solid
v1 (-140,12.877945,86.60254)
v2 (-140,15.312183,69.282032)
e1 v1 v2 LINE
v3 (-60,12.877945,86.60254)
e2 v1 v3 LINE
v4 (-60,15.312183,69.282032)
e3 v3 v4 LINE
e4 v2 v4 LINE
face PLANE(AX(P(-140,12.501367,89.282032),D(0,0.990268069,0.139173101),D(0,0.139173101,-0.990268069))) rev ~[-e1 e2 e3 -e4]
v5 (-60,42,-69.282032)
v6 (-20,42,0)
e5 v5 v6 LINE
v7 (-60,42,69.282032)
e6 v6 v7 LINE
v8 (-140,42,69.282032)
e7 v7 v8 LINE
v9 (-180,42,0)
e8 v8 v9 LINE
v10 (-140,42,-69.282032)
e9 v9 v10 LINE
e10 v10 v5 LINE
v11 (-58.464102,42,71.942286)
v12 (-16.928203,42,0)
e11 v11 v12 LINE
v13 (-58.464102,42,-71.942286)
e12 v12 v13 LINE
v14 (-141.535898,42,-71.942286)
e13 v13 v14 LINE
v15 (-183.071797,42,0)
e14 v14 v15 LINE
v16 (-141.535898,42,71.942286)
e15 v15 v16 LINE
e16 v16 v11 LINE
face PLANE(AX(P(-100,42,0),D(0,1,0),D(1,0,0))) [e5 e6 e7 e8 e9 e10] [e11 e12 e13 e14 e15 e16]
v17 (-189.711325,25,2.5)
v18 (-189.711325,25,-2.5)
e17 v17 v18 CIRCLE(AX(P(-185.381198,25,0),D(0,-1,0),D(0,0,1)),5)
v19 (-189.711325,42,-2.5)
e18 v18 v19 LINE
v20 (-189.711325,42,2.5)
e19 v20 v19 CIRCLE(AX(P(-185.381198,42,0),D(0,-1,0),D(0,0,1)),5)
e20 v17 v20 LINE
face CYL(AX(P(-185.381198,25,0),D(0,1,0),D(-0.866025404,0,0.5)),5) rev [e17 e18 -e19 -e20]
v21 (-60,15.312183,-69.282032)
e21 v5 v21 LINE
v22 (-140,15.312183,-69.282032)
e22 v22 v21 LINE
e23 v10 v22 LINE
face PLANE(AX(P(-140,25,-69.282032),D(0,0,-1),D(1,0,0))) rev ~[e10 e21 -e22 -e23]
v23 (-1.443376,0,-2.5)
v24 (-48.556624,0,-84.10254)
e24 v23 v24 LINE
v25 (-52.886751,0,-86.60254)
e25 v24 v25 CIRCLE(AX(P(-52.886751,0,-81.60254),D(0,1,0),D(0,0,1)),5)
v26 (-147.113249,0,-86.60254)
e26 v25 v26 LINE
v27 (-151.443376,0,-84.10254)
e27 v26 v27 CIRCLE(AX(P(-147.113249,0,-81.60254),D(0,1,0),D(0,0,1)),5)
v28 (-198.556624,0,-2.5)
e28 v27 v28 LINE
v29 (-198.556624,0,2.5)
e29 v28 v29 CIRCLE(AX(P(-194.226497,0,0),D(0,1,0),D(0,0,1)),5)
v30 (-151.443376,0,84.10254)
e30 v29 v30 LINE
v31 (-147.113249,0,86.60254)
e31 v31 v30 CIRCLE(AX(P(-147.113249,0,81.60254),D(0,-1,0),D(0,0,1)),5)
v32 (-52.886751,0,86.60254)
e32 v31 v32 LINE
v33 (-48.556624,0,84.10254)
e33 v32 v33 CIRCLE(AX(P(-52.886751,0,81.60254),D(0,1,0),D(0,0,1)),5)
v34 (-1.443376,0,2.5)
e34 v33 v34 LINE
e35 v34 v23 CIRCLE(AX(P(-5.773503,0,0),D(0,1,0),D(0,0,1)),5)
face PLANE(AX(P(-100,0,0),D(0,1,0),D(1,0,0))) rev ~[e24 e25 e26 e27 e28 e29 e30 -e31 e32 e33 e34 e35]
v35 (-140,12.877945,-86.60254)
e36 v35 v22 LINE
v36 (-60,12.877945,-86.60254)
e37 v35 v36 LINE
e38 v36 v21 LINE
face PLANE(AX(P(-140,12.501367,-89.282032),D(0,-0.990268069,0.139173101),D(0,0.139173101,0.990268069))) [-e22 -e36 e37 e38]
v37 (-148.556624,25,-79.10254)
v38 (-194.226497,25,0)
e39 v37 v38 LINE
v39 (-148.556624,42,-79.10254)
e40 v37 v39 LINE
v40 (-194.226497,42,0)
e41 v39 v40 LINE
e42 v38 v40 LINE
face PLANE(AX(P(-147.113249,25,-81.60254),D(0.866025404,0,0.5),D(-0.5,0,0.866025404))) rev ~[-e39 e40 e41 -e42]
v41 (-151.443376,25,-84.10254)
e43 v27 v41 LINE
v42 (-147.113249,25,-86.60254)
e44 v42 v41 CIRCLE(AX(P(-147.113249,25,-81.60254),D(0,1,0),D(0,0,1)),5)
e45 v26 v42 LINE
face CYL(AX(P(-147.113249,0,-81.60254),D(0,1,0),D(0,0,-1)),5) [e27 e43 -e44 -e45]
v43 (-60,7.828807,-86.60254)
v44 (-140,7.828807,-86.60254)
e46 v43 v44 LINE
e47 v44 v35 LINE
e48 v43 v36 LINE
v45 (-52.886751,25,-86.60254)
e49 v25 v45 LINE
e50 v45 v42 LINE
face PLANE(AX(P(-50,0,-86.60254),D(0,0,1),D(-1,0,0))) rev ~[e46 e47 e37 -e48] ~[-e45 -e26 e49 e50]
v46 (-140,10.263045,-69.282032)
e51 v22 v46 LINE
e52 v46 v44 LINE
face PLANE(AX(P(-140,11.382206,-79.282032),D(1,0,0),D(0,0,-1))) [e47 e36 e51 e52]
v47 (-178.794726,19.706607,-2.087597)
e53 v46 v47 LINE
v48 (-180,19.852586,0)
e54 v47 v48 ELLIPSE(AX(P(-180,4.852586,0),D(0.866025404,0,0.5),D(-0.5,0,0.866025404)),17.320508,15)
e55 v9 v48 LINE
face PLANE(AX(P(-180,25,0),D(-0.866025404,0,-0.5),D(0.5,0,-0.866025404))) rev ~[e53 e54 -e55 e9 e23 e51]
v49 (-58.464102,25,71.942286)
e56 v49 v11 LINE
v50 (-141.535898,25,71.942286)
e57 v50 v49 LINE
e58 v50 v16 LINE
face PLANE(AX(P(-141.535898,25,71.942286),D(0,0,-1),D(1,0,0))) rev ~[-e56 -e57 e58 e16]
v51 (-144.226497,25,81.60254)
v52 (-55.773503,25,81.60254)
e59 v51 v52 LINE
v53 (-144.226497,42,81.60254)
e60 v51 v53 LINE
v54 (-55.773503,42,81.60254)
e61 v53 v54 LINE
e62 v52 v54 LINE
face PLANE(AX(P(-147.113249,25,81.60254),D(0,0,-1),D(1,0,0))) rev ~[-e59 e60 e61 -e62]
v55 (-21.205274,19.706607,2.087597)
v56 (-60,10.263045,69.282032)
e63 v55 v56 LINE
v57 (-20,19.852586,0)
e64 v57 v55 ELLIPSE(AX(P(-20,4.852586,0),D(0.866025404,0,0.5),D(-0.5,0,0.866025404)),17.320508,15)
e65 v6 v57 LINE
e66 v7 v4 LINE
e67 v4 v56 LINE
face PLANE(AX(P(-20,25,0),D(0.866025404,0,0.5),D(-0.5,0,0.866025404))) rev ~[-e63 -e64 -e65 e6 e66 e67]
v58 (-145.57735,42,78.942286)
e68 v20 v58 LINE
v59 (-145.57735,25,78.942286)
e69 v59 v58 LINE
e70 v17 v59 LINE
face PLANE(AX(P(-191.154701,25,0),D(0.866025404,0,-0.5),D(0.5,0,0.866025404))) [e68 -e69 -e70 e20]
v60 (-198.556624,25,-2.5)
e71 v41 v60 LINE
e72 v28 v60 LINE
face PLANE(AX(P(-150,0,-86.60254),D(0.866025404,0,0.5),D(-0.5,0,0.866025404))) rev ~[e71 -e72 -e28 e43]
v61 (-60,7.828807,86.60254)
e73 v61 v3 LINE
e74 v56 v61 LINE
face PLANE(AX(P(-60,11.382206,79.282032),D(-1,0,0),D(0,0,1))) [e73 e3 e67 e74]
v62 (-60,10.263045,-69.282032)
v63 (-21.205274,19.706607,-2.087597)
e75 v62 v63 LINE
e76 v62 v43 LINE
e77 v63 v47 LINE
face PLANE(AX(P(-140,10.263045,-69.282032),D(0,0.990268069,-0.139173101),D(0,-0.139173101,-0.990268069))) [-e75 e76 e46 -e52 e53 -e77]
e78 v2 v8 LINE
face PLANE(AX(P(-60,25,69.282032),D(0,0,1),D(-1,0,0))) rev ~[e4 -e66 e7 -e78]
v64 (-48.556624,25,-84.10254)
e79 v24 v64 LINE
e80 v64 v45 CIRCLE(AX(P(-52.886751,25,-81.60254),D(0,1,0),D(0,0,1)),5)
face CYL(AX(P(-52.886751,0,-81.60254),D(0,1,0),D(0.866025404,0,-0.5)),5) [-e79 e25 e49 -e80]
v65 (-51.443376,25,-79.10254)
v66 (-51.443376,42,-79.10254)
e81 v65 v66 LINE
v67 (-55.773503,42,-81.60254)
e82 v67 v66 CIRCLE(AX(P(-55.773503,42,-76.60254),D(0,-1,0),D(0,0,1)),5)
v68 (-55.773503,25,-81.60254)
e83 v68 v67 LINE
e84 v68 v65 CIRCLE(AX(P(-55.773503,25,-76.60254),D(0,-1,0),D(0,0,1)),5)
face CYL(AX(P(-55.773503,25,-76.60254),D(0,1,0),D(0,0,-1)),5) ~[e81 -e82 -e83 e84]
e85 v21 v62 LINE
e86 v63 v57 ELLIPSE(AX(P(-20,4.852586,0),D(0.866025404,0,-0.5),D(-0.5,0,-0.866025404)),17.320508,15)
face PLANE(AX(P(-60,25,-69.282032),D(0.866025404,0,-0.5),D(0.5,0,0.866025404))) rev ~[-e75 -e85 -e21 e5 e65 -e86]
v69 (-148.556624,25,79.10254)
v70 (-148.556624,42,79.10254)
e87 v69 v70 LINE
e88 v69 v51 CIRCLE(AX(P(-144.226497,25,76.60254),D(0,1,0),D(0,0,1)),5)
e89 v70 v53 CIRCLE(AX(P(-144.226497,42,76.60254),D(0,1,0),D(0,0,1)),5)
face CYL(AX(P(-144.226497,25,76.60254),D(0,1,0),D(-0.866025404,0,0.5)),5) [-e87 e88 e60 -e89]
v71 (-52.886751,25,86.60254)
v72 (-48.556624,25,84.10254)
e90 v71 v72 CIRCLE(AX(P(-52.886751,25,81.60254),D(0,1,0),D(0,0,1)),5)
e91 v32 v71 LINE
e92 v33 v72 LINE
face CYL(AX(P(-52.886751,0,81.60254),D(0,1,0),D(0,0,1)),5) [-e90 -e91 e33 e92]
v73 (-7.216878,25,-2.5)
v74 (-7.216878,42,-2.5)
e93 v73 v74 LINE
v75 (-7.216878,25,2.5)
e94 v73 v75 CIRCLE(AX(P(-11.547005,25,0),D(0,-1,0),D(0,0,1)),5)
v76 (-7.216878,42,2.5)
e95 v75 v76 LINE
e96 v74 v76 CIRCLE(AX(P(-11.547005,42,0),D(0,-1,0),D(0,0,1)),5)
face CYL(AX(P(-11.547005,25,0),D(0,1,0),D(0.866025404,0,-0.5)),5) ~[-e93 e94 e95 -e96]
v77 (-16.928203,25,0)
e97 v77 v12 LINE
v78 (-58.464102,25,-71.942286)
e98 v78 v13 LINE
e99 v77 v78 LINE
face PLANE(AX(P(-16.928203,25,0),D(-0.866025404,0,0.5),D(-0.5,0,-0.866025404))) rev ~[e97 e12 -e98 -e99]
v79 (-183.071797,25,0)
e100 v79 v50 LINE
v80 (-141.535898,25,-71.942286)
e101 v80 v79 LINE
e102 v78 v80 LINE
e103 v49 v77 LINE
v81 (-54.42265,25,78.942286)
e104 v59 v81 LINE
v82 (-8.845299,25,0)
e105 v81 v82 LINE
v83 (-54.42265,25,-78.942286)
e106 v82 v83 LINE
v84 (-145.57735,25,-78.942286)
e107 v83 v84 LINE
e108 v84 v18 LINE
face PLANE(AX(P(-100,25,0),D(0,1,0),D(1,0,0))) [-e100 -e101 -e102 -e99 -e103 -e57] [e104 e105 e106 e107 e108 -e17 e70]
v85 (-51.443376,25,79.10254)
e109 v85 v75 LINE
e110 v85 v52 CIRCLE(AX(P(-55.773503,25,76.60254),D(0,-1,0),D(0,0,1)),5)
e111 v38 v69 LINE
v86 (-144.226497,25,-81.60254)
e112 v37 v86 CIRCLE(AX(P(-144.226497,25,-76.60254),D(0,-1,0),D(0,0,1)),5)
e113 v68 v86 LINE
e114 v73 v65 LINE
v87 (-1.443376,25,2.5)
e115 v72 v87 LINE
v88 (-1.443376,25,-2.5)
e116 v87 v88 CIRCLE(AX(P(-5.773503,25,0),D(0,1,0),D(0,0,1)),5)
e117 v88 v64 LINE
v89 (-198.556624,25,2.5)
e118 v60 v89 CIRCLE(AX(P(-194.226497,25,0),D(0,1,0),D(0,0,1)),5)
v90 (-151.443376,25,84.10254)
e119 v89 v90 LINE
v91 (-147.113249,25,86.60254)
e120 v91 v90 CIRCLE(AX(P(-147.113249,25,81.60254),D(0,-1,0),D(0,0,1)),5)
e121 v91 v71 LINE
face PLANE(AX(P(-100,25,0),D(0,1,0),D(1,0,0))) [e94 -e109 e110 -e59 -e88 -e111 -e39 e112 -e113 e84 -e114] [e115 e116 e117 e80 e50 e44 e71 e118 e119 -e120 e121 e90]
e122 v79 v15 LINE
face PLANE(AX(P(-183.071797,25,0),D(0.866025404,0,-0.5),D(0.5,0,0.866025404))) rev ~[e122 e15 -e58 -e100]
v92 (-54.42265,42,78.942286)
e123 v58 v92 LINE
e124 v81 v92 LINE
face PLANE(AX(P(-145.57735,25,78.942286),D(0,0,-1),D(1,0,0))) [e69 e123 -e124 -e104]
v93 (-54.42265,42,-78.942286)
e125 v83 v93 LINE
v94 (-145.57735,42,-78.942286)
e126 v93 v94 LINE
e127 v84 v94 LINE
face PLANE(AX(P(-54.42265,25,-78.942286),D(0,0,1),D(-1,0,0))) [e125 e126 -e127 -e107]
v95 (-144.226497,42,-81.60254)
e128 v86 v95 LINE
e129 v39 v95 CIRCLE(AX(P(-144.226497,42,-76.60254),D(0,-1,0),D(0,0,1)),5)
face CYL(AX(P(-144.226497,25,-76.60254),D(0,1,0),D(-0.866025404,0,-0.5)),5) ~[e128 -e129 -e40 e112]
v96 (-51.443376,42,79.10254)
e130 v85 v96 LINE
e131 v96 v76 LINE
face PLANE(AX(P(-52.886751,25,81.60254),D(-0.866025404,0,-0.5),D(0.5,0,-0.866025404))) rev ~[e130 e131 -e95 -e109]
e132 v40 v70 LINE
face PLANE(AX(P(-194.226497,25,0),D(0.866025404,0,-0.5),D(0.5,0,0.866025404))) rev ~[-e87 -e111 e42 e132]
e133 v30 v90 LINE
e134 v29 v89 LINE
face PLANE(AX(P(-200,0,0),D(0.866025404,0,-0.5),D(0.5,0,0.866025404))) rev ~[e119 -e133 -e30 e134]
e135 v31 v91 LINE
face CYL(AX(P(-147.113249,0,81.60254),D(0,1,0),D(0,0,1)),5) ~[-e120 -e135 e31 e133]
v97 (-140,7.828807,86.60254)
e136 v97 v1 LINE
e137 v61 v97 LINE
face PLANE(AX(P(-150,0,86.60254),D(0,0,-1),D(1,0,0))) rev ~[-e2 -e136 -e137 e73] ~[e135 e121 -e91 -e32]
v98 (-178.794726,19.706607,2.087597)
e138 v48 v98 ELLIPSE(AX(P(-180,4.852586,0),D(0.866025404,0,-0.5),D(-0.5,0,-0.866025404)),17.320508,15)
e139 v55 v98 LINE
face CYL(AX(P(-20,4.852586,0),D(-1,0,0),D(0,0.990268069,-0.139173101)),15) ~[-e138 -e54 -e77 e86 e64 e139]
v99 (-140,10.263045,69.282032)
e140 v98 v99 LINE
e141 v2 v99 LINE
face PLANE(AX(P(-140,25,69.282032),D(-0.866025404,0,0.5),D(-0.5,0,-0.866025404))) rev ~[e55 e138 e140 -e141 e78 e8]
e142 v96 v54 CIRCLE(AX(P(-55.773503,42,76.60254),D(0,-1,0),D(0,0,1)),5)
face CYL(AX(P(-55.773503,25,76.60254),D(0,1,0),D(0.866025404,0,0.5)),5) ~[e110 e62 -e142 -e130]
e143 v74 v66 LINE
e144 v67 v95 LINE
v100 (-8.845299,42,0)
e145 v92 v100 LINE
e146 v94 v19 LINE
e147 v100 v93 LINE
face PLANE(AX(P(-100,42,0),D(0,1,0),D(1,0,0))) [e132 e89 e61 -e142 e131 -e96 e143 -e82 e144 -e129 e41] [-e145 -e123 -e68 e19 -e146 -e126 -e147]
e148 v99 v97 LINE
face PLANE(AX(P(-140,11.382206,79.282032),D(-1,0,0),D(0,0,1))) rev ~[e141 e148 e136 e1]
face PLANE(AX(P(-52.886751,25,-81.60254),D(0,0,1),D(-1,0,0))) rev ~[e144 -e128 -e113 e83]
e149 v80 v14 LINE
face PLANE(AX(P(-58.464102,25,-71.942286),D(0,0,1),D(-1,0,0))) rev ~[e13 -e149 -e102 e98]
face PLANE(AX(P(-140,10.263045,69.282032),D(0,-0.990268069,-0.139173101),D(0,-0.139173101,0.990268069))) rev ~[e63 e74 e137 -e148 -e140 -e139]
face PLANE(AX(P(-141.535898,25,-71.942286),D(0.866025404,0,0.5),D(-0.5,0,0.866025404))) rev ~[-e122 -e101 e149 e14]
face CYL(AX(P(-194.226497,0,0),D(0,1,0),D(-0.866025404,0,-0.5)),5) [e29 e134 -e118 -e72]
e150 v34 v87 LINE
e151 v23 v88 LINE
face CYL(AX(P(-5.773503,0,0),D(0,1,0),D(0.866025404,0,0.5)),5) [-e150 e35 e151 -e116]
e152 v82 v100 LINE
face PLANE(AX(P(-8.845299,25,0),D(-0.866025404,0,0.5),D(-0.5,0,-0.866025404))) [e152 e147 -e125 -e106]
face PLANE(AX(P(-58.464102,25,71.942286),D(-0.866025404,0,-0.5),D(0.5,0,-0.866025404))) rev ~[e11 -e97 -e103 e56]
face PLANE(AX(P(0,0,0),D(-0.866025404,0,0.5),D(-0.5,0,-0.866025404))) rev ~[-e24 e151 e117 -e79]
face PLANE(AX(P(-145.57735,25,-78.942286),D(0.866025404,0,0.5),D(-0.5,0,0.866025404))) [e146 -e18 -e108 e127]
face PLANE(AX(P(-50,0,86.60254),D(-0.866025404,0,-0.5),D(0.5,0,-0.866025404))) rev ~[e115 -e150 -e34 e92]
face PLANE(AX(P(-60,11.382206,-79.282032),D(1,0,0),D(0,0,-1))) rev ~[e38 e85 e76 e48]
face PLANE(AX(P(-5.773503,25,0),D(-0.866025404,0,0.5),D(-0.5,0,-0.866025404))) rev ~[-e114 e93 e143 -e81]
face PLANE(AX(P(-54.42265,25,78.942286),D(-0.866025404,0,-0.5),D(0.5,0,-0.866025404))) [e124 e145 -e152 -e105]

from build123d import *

# Parameters (mm, degrees)
BOSS_EXTRUDE1_DEPTH            = 25
CUT_EXTRUDE1_DEPTH             = 5
CUT_EXTRUDE7_REACH             = 136.629
CUT_EXTRUDE7_DIRECTION_2_REACH = 136.629
CUT_EXTRUDE8_REACH             = 136.629
CUT_EXTRUDE8_DIRECTION_2_REACH = 136.629
CUT_EXTRUDE9_DEPTH             = 40
CUT_EXTRUDE9_DEPTH_BACK        = 40
FILLET2_R                      = 15
BOSS_EXTRUDE5_DEPTH            = 17
FILLET3_R                      = 5


with BuildPart() as part:
    # Sketch1 → Boss-Extrude1 (new body)
    with BuildSketch(Plane(origin=(0, 0, 0), x_dir=(1, 0, 0), z_dir=(0, 1, 0))):
        Polygon((0, 0), (-50, 86.6025403784439), (-149.99999999999997, 86.60254037844393), (-199.99999999999997, 1.041e-14), (-150.00000000000003, -86.60254037844386), (-50.00000000000001, -86.60254037844389), align=None)
    extrude(amount=BOSS_EXTRUDE1_DEPTH)

    # Sketch6 → Cut-Extrude1 (cut)
    with BuildSketch(Plane(origin=(0, 25, 0), x_dir=(1, 0, 0), z_dir=(0, 1, 0))):
        Polygon((-180, 5.476e-14), (-139.99999999999997, -69.28203230275507), (-59.99999999999997, -69.28203230275508), (-20.000000000000004, 1.463e-14), (-60.000000000000014, 69.28203230275516), (-140, 69.28203230275516), align=None)
    extrude(amount=-CUT_EXTRUDE1_DEPTH, mode=Mode.SUBTRACT)

    # Cut-Extrude7: up to this plane
    cut_extrude7_end = Plane(origin=(-20.000000000000004, 20, -1.463e-14), z_dir=(0.8660254037844388, 0, -0.49999999999999983))
    # Sketch21 → Cut-Extrude7 (cut, up to the surface)
    with BuildSketch(Plane(origin=(-100, 0, 0), x_dir=(0, 0, -1), z_dir=(1, 0, 0)), mode=Mode.PRIVATE) as cut_extrude7_sk1:
        Polygon((69.28203230275516, 20), (69.28203230275516, 10.263045350293245), (3.123e-14, 20), align=None)
    cut_extrude7_tool1 = split(extrude(cut_extrude7_sk1.sketch, amount=CUT_EXTRUDE7_REACH, mode=Mode.PRIVATE), bisect_by=cut_extrude7_end, keep=Keep.BOTH, mode=Mode.PRIVATE)
    add(cut_extrude7_tool1.solids().sort_by_distance((-100, 16.754348, -46.188022))[0], mode=Mode.SUBTRACT)

    # Cut-Extrude7 direction 2: up to this plane
    cut_extrude7_direction_2_end = Plane(origin=(-140, 20, -69.28203230275516), z_dir=(-0.8660254037844388, 0, -0.4999999999999998))
    # Sketch21 → Cut-Extrude7 direction 2 (cut, up to the surface)
    with BuildSketch(Plane(origin=(-100, 0, 0), x_dir=(0, 0, -1), z_dir=(1, 0, 0)), mode=Mode.PRIVATE) as cut_extrude7_direction_2_sk1:
        Polygon((69.28203230275516, 20), (69.28203230275516, 10.263045350293245), (3.123e-14, 20), align=None)
    cut_extrude7_direction_2_tool1 = split(extrude(cut_extrude7_direction_2_sk1.sketch, amount=-CUT_EXTRUDE7_DIRECTION_2_REACH, mode=Mode.PRIVATE), bisect_by=cut_extrude7_direction_2_end, keep=Keep.BOTH, mode=Mode.PRIVATE)
    add(cut_extrude7_direction_2_tool1.solids().sort_by_distance((-100, 16.754348, -46.188022))[0], mode=Mode.SUBTRACT)

    # Cut-Extrude8: up to this plane
    cut_extrude8_end = Plane(origin=(-59.99999999999997, 20, 69.28203230275508), z_dir=(0.8660254037844388, 0, 0.49999999999999967))
    # Sketch22 → Cut-Extrude8 (cut, up to the surface)
    with BuildSketch(Plane(origin=(-100, 0, 0), x_dir=(0, 0, -1), z_dir=(1, 0, 0)), mode=Mode.PRIVATE) as cut_extrude8_sk1:
        Polygon((3.123e-14, 20), (-69.28203230275508, 10.26304535029323), (-69.28203230275508, 20), align=None)
    cut_extrude8_tool1 = split(extrude(cut_extrude8_sk1.sketch, amount=CUT_EXTRUDE8_REACH, mode=Mode.PRIVATE), bisect_by=cut_extrude8_end, keep=Keep.BOTH, mode=Mode.PRIVATE)
    add(cut_extrude8_tool1.solids().sort_by_distance((-100, 16.754348, 46.188022))[0], mode=Mode.SUBTRACT)

    # Cut-Extrude8 direction 2: up to this plane
    cut_extrude8_direction_2_end = Plane(origin=(-180, 20, -5.476e-14), z_dir=(-0.8660254037844387, 0, 0.5))
    # Sketch22 → Cut-Extrude8 direction 2 (cut, up to the surface)
    with BuildSketch(Plane(origin=(-100, 0, 0), x_dir=(0, 0, -1), z_dir=(1, 0, 0)), mode=Mode.PRIVATE) as cut_extrude8_direction_2_sk1:
        Polygon((3.123e-14, 20), (-69.28203230275508, 10.26304535029323), (-69.28203230275508, 20), align=None)
    cut_extrude8_direction_2_tool1 = split(extrude(cut_extrude8_direction_2_sk1.sketch, amount=-CUT_EXTRUDE8_DIRECTION_2_REACH, mode=Mode.PRIVATE), bisect_by=cut_extrude8_direction_2_end, keep=Keep.BOTH, mode=Mode.PRIVATE)
    add(cut_extrude8_direction_2_tool1.solids().sort_by_distance((-100, 16.754348, 46.188022))[0], mode=Mode.SUBTRACT)

    # Sketch23 → Cut-Extrude9 (cut, two sides: drawn at the far end of the back side and taken through both)
    with BuildSketch(Plane(origin=(-100, 0, 0), x_dir=(0, 0, -1), z_dir=(1, 0, 0)).offset(-CUT_EXTRUDE9_DEPTH_BACK)):
        Polygon((69.28203230275516, 10.263045350293245), (89.28203230275517, 7.452228656245558), (89.28203230275517, 12.501366518838644), (69.28203230275516, 15.312183212886326), align=None)
        Polygon((-69.28203230275516, 15.312183212886326), (-69.28203230275516, 10.263045350293245), (-89.28203230275517, 7.452228656245558), (-89.28203230275517, 12.501366518838644), align=None)
    extrude(amount=CUT_EXTRUDE9_DEPTH + CUT_EXTRUDE9_DEPTH_BACK, mode=Mode.SUBTRACT)

    # Fillet2
    fillet2_edges = [part.edges().sort_by_distance(p)[0] for p in [
        (-100, 20, -3.347e-14),
    ]]
    fillet(fillet2_edges, radius=FILLET2_R)

    # Sketch27 → Boss-Extrude5 (add)
    # profile 1 of 2: a face of its own
    with BuildSketch(Plane(origin=(0, 25, 0), x_dir=(1, 0, 0), z_dir=(0, 1, 0))):
        Polygon((-147.1132486552964, -81.60254038059946), (-52.8867513447036, -81.60254038059949), (-5.773502689407191, -2.776e-14), (-52.88675134470361, 81.60254038059944), (-147.1132486552964, 81.60254038059945), (-194.22649731059275, -2.775e-14), align=None)
        Polygon((-54.42264973081038, -78.94228634059947), (-8.845299461620776, -2.374e-14), (-54.4226497308104, 78.9422863405995), (-145.57735026918957, 78.9422863405995), (-191.1547005383792, -1.365e-14), (-145.57735026918962, -78.94228634059945), align=None, mode=Mode.SUBTRACT)
    # profile 2 of 2: a face of its own
    with BuildSketch(Plane(origin=(0, 25, 0), x_dir=(1, 0, 0), z_dir=(0, 1, 0))):
        Polygon((-141.5358983848622, -71.94228634059951), (-58.46410161513772, -71.94228634059952), (-16.92820323027549, 1.392e-14), (-58.4641016151377, 71.94228634059947), (-141.53589838486224, 71.94228634059947), (-183.0717967697245, -2.773e-14), align=None)
        Polygon((-139.99999999999997, -69.28203230275507), (-180, 6.939e-14), (-140, 69.28203230275516), (-60.000000000000014, 69.28203230275516), (-20.000000000000004, 1.463e-14), (-59.99999999999997, -69.28203230275508), align=None, mode=Mode.SUBTRACT)
    extrude(amount=BOSS_EXTRUDE5_DEPTH)

    # Fillet3
    fillet3_edges = [part.edges().sort_by_distance(p)[0] for p in [
        (-50.00000000000001, 12.5, 86.60254037844389),
        (-150.00000000000003, 12.5, 86.60254037844386),
        (-147.1132486552964, 33.5, 81.60254038059946),
        (-199.99999999999997, 12.5, -1.041e-14),
        (-52.8867513447036, 33.5, 81.60254038059949),
        (-5.773502689407191, 33.5, 2.776e-14),
        (-149.99999999999997, 12.5, -86.60254037844393),
        (-52.88675134470361, 33.5, -81.60254038059944),
        (-147.1132486552964, 33.5, -81.60254038059945),
        (-50, 12.5, -86.6025403784439),
        (0, 12.5, 0),
        (-191.1547005383792, 33.5, 1.365e-14),
    ]]
    fillet(fillet3_edges, radius=FILLET3_R)


solid = part.part
